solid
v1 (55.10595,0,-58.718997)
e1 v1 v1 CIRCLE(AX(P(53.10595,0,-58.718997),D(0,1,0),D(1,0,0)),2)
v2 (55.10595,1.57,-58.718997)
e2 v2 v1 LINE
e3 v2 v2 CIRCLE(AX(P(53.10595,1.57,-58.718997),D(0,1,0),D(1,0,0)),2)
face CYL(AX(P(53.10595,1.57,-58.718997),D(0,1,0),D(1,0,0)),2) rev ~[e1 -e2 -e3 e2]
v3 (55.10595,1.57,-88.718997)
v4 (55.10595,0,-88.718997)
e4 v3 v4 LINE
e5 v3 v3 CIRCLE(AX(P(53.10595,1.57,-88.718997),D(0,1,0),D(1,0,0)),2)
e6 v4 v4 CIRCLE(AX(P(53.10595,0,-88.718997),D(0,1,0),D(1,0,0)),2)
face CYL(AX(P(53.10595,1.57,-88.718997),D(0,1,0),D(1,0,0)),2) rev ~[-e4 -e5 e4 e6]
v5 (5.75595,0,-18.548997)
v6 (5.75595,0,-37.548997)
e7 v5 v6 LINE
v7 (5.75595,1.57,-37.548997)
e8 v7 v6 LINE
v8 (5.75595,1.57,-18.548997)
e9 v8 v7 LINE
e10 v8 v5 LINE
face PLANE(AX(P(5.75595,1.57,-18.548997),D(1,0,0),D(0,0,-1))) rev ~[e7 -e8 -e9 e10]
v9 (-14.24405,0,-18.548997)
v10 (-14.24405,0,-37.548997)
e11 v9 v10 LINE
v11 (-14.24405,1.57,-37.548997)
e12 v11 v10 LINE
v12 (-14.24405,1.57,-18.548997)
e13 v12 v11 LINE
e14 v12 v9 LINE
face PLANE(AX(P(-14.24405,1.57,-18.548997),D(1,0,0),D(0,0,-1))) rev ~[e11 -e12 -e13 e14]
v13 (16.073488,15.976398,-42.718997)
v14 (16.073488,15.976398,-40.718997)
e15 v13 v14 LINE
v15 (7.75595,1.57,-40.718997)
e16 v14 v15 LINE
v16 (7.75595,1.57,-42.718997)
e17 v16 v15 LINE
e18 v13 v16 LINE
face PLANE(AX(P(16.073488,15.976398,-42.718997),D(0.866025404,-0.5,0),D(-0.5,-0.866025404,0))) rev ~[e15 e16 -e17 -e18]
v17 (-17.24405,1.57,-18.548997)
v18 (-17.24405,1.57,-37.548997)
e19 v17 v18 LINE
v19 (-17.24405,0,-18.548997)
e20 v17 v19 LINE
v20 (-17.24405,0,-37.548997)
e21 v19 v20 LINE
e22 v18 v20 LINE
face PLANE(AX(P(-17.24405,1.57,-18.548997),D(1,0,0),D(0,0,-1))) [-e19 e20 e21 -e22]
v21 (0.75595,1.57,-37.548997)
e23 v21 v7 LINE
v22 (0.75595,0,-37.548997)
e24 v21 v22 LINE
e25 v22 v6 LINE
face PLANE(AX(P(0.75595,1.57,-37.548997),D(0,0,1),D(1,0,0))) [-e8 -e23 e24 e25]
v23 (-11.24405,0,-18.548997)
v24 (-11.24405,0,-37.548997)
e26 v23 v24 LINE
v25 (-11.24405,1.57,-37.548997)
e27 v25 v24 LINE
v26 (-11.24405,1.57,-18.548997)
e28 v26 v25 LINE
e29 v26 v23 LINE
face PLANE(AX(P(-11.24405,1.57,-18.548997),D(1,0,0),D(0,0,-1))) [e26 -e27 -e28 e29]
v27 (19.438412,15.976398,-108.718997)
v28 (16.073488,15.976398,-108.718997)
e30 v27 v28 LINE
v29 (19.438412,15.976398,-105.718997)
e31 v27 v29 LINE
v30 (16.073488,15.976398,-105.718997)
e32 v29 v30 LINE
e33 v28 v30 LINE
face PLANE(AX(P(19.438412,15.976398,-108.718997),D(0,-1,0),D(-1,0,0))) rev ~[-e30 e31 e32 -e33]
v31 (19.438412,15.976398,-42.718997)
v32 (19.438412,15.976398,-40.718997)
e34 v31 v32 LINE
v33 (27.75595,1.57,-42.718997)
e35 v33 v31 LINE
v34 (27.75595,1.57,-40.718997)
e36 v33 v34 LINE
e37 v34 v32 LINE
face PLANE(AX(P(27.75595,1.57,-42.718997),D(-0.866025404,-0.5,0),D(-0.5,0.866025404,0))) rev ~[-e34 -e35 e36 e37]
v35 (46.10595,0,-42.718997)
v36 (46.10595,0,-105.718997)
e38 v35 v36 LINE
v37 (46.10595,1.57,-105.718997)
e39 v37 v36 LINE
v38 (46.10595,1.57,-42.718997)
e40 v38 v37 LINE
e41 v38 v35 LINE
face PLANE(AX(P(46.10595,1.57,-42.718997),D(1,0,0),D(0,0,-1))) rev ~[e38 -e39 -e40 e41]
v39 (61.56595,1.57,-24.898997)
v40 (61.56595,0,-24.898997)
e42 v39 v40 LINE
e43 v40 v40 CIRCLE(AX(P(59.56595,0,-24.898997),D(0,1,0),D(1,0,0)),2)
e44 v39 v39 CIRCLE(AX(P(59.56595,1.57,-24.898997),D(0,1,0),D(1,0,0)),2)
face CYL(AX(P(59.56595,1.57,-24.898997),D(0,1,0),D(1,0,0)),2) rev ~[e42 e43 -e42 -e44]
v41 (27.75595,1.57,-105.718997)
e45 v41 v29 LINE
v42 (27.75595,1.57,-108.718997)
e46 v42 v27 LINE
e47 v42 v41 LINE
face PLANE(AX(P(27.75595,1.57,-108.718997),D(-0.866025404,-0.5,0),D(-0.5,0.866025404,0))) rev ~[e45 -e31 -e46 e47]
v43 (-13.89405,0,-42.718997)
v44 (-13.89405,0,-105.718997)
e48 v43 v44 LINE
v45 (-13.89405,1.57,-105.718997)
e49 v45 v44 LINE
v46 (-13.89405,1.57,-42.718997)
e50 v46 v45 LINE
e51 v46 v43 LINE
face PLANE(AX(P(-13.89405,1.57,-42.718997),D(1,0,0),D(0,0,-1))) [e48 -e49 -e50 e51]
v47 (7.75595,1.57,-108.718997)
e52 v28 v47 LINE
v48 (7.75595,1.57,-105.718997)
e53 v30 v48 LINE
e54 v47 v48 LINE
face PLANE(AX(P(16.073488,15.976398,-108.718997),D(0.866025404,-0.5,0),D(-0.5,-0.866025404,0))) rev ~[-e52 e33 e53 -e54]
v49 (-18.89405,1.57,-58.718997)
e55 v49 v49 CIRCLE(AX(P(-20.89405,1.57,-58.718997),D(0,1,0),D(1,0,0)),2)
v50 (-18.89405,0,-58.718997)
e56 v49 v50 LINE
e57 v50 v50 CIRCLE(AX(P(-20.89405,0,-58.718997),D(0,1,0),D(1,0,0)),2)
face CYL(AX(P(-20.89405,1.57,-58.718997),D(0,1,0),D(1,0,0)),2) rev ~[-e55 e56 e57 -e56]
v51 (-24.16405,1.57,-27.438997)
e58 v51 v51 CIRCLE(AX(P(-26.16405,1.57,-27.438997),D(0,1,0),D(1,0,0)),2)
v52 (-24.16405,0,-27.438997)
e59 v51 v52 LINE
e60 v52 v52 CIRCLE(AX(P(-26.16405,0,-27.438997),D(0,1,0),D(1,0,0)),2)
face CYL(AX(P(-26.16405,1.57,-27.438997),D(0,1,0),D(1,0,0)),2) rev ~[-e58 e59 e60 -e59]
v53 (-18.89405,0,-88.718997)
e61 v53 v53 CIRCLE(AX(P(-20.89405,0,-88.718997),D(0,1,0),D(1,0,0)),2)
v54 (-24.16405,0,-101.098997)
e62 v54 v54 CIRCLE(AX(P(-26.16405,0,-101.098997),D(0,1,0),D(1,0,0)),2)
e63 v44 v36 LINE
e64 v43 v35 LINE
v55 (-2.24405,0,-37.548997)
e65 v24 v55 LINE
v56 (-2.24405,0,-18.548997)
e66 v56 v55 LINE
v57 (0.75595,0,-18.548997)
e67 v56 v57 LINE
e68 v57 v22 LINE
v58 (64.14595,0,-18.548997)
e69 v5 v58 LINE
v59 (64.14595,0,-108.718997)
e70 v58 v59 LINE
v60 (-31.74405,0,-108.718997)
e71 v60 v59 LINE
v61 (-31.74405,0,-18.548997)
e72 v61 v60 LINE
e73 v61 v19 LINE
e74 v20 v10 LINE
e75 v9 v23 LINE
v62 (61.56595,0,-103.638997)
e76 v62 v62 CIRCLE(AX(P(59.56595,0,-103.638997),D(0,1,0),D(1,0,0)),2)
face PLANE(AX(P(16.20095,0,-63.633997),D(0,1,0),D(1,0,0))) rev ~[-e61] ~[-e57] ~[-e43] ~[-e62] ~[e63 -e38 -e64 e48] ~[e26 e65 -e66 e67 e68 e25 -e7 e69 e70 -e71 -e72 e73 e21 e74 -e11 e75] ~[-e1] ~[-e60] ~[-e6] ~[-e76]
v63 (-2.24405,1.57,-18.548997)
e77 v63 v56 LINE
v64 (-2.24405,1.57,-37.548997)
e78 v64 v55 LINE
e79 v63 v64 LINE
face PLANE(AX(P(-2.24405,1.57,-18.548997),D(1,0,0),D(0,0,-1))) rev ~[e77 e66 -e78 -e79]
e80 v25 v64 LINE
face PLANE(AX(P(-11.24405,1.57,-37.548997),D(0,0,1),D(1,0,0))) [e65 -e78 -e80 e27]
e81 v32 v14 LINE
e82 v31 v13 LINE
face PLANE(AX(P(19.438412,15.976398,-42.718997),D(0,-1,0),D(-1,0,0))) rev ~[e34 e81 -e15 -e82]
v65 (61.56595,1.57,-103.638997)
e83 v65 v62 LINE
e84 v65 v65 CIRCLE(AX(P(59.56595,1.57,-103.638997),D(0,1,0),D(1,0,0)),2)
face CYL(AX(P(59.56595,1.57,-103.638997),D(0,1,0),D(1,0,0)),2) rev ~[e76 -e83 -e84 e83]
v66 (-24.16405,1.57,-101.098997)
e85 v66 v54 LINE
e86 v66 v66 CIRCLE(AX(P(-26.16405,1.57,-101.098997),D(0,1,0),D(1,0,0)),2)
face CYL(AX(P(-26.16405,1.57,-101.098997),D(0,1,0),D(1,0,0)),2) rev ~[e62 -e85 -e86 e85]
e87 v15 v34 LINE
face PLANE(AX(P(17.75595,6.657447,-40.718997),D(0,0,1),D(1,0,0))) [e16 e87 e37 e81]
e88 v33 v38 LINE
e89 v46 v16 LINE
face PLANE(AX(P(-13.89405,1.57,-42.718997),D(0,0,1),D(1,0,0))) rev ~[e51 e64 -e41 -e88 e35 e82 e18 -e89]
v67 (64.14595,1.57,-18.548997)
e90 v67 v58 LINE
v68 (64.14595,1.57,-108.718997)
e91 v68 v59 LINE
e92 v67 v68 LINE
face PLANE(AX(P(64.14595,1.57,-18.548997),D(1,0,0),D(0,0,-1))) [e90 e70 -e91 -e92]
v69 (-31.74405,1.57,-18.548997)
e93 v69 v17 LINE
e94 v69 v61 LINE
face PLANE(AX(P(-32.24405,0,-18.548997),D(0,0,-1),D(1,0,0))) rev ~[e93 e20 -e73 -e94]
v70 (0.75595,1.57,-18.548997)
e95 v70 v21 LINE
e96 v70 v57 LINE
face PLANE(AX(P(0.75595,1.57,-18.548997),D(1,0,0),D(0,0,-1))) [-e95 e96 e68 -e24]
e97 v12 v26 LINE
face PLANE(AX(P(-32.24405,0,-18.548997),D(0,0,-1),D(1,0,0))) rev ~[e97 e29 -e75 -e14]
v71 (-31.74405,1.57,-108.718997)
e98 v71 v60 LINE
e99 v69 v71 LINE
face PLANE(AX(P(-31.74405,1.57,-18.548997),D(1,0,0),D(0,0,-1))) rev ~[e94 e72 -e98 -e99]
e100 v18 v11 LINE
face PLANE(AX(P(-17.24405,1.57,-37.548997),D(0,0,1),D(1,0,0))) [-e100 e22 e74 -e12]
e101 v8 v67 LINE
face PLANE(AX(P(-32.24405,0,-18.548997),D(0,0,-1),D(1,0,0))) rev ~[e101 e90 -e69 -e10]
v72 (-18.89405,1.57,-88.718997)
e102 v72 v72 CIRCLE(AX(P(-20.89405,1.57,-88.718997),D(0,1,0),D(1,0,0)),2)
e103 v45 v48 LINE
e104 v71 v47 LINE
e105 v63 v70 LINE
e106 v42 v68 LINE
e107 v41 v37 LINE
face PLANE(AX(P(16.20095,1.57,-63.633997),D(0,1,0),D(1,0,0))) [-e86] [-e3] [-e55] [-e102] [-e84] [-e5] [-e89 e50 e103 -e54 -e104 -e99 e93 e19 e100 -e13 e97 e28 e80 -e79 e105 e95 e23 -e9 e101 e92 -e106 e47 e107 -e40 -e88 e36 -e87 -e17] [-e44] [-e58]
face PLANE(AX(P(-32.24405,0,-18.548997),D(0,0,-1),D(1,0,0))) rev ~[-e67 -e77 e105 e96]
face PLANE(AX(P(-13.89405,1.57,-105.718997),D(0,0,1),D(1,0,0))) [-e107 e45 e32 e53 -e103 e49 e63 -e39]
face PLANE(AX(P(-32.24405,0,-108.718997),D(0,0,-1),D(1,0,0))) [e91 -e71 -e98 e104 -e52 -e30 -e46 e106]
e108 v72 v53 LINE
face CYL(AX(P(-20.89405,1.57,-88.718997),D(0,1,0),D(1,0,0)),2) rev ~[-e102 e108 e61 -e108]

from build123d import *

# Parameters (mm, degrees)
SKETCH1_W               = 96.89
SKETCH1_H               = 90.17
PCB_DEPTH               = 1.57
SKETCH2_R               = 2
M3_MOUNTING_HOLES_DEPTH = 1.57
SKETCH4_R               = 2
CUT_EXTRUDE1_DEPTH      = 23
BOSS_EXTRUDE2_DEPTH     = 2
BOSS_EXTRUDE3_DEPTH     = 3
SKETCH9_W               = 3
SKETCH9_H               = 19
SKETCH9_W_2             = 9
SKETCH9_W_3             = 5
CUT_EXTRUDE2_DEPTH      = 2.57
SKETCH10_W              = 0.5
SKETCH10_H              = 90.17
CUT_EXTRUDE3_DEPTH      = 10
SKETCH11_W              = 60
SKETCH11_H              = 63
CUT_EXTRUDE4_DEPTH      = 10


with BuildPart() as part:
    # Sketch1 → PCB (new body)
    with BuildSketch(Plane(origin=(0, 0, 0), x_dir=(1, 0, 0), z_dir=(0, 1, 0))):
        with Locations((16.200949951, 63.633996534)):
            Rectangle(SKETCH1_W, SKETCH1_H)
    extrude(amount=PCB_DEPTH)

    # Sketch2 → M3 Mounting Holes (cut)
    with BuildSketch(Plane(origin=(0, 1.57, 0), x_dir=(1, 0, 0), z_dir=(0, 1, 0))):
        with Locations((59.565949951, 24.898996534)):
            Circle(SKETCH2_R)
        with Locations((-26.164050049, 27.438996534)):
            Circle(SKETCH2_R)
        with Locations((-26.164050049, 101.098996534)):
            Circle(SKETCH2_R)
        with Locations((59.565949951, 103.638996534)):
            Circle(SKETCH2_R)
    extrude(amount=-M3_MOUNTING_HOLES_DEPTH, mode=Mode.SUBTRACT)

    # Sketch4 → Cut-Extrude1 (cut)
    with BuildSketch(Plane(origin=(0, 1.57, 0), x_dir=(1, 0, 0), z_dir=(0, 1, 0))):
        with Locations((-20.894050049, 88.718996534)):
            Circle(SKETCH4_R)
        with Locations((53.105949951, 88.718996534)):
            Circle(SKETCH4_R)
        with Locations((-20.894050049, 58.718996534)):
            Circle(SKETCH4_R)
        with Locations((53.105949951, 58.718996534)):
            Circle(SKETCH4_R)
    extrude(amount=-CUT_EXTRUDE1_DEPTH, mode=Mode.SUBTRACT)

    # Sketch7 → Boss-Extrude2 (add)
    with BuildSketch(Plane.XY.offset(-42.718996534)):
        Polygon((27.755949951, 1.57), (19.438412086, 15.976398176), (16.073487816, 15.976398176), (7.755949951, 1.57), align=None)
    extrude(amount=BOSS_EXTRUDE2_DEPTH)

    # Sketch8 → Boss-Extrude3 (add)
    with BuildSketch(Plane.XY.offset(-108.718996534)):
        Polygon((27.755949951, 1.57), (19.438412086, 15.976398176), (16.073487816, 15.976398176), (7.755949951, 1.57), align=None)
    extrude(amount=BOSS_EXTRUDE3_DEPTH)

    # Sketch9 → Cut-Extrude2 (cut, through all)
    with BuildSketch(Plane(origin=(0, 1.57, 0), x_dir=(1, 0, 0), z_dir=(0, 1, 0))):
        with Locations((-15.744050049, 28.048996534)):
            Rectangle(SKETCH9_W, SKETCH9_H)
        with Locations((-6.744050049, 28.048996534)):
            Rectangle(SKETCH9_W_2, SKETCH9_H)
        with Locations((3.255949951, 28.048996534)):
            Rectangle(SKETCH9_W_3, SKETCH9_H)
    extrude(amount=-CUT_EXTRUDE2_DEPTH, mode=Mode.SUBTRACT)

    # Sketch10 → Cut-Extrude3 (cut)
    with BuildSketch(Plane(origin=(0, 1.57, 0), x_dir=(1, 0, 0), z_dir=(0, 1, 0))):
        with Locations((-31.994050049, 63.633996534)):
            Rectangle(SKETCH10_W, SKETCH10_H)
        with Locations((64.395949951, 63.633996534)):
            Rectangle(SKETCH10_W, SKETCH10_H)
    extrude(amount=-CUT_EXTRUDE3_DEPTH, mode=Mode.SUBTRACT)

    # Sketch11 → Cut-Extrude4 (cut)
    with BuildSketch(Plane(origin=(0, 1.57, 0), x_dir=(1, 0, 0), z_dir=(0, 1, 0))):
        with Locations((16.105949951, 74.218996534)):
            Rectangle(SKETCH11_W, SKETCH11_H)
    extrude(amount=-CUT_EXTRUDE4_DEPTH, mode=Mode.SUBTRACT)


solid = part.part
